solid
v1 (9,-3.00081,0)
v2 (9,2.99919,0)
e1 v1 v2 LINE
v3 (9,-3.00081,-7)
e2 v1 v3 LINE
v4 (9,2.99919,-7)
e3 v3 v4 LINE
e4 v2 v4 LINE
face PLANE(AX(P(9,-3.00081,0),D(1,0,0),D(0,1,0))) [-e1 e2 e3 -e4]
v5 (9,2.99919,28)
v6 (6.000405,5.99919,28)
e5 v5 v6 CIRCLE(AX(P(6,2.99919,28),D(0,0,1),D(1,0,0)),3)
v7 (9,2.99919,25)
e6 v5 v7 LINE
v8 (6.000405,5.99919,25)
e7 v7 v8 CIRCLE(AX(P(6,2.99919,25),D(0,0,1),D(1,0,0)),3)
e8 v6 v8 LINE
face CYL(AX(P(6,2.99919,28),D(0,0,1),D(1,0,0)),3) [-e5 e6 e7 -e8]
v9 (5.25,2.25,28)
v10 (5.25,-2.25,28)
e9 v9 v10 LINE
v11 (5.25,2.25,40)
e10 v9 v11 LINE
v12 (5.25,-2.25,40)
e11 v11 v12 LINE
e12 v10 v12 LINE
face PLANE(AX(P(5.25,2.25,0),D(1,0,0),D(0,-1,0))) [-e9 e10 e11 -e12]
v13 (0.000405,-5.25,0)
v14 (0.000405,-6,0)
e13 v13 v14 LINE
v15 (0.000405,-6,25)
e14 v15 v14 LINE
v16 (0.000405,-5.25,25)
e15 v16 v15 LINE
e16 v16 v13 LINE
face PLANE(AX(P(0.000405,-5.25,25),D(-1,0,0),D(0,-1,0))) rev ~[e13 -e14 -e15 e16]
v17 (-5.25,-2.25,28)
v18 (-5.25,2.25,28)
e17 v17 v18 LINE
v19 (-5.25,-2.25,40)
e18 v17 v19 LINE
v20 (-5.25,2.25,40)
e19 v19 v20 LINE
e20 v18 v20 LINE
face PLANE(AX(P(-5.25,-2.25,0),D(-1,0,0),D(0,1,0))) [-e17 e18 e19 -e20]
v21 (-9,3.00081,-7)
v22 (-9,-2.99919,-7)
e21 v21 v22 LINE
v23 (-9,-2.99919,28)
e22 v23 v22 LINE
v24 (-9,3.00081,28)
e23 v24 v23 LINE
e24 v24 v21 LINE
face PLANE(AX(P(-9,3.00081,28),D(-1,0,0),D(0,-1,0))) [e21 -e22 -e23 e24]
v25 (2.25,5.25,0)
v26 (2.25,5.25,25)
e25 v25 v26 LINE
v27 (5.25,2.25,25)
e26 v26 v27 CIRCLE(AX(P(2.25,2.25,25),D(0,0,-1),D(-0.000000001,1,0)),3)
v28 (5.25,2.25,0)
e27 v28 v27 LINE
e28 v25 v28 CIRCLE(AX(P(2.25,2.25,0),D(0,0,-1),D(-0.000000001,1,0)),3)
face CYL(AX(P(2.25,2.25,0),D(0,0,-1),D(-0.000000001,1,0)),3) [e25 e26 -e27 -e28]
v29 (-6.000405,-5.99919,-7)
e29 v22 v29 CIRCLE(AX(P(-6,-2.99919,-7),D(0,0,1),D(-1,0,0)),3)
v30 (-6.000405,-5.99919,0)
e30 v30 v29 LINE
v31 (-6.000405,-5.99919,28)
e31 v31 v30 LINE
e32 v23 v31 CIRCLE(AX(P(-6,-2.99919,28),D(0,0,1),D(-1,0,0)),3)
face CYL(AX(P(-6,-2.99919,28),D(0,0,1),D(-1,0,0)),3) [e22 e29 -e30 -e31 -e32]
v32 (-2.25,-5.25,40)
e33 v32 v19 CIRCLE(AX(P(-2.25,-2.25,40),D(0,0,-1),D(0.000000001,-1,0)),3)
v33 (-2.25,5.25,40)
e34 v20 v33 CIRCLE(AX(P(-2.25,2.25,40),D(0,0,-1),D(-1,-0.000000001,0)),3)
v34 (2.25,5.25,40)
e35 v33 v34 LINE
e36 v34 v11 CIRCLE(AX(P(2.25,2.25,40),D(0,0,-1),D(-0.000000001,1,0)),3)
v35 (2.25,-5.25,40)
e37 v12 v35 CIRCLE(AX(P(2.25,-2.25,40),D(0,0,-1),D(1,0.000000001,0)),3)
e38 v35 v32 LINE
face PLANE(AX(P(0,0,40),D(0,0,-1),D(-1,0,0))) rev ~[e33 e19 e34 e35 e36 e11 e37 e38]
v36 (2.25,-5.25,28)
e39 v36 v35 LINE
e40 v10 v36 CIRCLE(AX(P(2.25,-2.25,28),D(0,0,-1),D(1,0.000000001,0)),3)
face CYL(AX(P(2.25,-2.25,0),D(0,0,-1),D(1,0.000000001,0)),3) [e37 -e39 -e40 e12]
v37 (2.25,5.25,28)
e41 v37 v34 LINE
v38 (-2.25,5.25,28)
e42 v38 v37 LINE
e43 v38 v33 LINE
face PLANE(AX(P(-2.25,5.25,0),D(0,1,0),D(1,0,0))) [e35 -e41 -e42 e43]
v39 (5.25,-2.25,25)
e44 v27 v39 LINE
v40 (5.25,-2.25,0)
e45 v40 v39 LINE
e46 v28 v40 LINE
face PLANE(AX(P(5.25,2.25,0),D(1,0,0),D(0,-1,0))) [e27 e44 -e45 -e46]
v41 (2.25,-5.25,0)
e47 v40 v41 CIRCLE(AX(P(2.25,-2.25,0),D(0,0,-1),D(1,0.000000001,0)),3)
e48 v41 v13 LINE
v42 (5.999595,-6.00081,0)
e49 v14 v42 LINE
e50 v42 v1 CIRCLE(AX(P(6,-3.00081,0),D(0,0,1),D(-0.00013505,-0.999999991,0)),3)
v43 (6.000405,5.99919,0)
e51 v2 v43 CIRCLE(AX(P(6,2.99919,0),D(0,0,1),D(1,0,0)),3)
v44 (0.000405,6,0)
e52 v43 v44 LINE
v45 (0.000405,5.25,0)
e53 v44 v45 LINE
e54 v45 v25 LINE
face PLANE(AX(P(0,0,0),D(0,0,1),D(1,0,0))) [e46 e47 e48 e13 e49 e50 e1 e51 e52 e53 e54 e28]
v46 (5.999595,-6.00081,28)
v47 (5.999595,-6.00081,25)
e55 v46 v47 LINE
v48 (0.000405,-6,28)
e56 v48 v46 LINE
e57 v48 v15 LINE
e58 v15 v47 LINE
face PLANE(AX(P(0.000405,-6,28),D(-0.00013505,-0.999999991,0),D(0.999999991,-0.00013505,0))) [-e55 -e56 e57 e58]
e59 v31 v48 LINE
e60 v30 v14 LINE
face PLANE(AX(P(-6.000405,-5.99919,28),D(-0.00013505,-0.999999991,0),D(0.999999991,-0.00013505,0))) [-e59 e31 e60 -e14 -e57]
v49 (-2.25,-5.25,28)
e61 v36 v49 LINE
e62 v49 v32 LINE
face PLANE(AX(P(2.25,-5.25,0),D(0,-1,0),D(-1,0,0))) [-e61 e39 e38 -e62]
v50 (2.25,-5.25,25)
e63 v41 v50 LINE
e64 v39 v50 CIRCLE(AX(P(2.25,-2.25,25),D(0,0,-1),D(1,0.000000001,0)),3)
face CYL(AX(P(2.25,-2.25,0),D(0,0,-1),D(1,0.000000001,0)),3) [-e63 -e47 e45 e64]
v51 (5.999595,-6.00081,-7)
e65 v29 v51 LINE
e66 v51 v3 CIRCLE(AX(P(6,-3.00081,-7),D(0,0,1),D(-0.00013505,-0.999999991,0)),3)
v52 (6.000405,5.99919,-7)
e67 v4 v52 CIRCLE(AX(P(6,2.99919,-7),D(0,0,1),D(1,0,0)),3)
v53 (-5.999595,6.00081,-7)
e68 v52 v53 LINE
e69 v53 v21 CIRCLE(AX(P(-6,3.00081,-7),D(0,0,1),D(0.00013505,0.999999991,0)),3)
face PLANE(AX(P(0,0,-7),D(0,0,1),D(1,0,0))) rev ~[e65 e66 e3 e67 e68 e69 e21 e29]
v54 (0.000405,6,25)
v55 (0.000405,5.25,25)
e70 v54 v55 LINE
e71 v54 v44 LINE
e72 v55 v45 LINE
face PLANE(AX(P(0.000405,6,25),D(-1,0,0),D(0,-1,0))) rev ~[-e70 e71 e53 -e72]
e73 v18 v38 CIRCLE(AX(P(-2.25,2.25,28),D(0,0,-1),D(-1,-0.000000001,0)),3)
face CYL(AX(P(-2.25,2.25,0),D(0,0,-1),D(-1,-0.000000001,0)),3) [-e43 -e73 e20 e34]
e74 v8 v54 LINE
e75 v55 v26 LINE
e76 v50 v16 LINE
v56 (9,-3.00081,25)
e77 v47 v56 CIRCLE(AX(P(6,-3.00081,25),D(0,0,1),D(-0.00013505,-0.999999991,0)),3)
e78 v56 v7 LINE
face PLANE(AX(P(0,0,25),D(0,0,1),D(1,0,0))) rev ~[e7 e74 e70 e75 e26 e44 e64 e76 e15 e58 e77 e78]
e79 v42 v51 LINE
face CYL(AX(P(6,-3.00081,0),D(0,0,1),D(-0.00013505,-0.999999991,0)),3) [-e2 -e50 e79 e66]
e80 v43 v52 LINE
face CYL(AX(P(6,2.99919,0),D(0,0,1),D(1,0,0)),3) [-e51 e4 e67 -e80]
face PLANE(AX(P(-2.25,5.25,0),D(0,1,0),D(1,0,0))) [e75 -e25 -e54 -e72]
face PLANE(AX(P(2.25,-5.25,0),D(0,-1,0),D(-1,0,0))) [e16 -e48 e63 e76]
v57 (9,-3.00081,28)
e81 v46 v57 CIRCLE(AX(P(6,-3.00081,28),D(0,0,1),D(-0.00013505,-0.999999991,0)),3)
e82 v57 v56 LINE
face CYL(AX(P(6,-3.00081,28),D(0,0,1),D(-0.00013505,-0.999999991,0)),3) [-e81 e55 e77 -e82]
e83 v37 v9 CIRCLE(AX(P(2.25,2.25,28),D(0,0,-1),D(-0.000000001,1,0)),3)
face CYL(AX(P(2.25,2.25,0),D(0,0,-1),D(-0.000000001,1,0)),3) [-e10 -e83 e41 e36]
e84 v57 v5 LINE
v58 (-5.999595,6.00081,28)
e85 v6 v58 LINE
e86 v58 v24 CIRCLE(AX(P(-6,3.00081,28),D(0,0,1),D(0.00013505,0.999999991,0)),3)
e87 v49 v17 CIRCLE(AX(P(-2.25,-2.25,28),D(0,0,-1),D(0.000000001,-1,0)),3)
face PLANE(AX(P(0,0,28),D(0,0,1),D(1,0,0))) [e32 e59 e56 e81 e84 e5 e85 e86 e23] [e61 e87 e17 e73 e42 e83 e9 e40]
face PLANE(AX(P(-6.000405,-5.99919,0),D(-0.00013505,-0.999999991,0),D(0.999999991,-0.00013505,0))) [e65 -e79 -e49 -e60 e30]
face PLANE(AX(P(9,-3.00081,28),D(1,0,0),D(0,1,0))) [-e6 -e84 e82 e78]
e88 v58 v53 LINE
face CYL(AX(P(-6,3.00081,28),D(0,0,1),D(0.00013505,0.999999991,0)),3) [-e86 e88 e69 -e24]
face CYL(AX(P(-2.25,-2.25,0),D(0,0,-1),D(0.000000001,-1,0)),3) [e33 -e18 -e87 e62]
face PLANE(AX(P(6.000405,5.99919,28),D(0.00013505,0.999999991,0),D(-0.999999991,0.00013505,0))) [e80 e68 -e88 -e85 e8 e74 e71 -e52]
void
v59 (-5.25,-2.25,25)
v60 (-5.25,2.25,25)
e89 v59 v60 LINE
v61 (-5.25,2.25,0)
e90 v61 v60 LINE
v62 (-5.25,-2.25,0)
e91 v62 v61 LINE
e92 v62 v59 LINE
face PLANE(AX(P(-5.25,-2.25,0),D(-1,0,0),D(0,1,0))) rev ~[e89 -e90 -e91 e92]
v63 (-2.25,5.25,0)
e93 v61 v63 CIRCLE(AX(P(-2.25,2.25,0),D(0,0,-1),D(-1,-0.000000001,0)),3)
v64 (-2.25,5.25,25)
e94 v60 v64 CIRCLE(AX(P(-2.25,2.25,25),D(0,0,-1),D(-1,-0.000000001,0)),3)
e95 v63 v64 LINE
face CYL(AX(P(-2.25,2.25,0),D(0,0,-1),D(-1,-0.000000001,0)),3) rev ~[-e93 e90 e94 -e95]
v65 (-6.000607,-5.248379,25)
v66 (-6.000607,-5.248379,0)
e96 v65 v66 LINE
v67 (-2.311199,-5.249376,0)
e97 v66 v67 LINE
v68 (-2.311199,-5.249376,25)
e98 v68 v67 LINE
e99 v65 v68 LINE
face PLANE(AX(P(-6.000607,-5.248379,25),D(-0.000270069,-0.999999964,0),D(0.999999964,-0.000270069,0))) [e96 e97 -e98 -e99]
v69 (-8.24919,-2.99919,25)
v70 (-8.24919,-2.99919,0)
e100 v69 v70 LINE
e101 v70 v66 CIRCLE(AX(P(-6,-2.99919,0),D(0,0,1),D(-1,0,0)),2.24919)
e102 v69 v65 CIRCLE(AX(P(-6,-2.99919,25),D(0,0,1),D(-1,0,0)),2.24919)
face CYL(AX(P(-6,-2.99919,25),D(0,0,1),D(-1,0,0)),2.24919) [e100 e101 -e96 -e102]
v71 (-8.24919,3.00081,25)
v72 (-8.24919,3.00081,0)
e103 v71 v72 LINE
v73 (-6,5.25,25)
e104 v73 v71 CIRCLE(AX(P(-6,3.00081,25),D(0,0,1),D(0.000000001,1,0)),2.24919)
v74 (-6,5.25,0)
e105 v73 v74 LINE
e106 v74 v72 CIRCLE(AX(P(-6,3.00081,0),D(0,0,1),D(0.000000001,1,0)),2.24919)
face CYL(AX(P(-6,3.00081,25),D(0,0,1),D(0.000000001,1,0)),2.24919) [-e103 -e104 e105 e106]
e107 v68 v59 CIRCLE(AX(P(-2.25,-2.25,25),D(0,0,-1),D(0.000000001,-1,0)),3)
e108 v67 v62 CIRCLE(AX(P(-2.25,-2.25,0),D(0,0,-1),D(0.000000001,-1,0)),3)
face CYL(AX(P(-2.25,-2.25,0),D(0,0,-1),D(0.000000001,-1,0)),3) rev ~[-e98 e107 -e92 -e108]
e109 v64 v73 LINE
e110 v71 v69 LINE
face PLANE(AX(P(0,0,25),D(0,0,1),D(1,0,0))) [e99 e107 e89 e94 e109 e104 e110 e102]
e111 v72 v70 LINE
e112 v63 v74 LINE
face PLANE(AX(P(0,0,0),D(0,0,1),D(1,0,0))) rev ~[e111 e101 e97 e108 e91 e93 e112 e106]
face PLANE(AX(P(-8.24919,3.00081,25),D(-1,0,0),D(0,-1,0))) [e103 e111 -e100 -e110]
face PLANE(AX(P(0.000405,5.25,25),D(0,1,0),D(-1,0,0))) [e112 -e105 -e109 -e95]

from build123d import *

# Parameters (mm, degrees)
BOSS_EXTRUDE1_DEPTH = 40
BOSS_EXTRUDE2_DEPTH = 7
BOSS_EXTRUDE3_START = 25
BOSS_EXTRUDE3_DEPTH = 25
BOSS_EXTRUDE4_START = -12
BOSS_EXTRUDE4_DEPTH = 3


with BuildPart() as part:
    # Sketch1 → Boss-Extrude1 (new body)
    with BuildSketch(Plane.XY):
        with BuildLine():
            Line((-2.25, 5.25), (2.25, 5.25))
            ThreePointArc((2.25, 5.25), (4.371320344, 4.371320344), (5.25, 2.25))
            Line((5.25, 2.25), (5.25, -2.25))
            ThreePointArc((5.25, -2.25), (4.371320344, -4.371320344), (2.25, -5.25))
            Line((2.25, -5.25), (-2.25, -5.25))
            ThreePointArc((-2.25, -5.25), (-4.371320344, -4.371320344), (-5.25, -2.25))
            Line((-5.25, -2.25), (-5.25, 2.25))
            ThreePointArc((-5.25, 2.25), (-4.371320344, 4.371320344), (-2.25, 5.25))
        make_face()
    extrude(amount=BOSS_EXTRUDE1_DEPTH)

    # Sketch2 → Boss-Extrude2 (add)
    with BuildSketch(Plane.XY):
        with BuildLine():
            Line((8.999999945, -3.000810302), (8.999999945, 2.999189698))
            ThreePointArc((8.999999945, 2.999189698), (8.121463527, 5.120366794), (6.000405096, 5.999189671))
            Line((6.000405096, 5.999189671), (-5.999594794, 6.000810275))
            ThreePointArc((-5.999594794, 6.000810275), (-8.121177041, 5.122273883), (-8.999999945, 3.000810302))
            Line((-8.999999945, 3.000810302), (-8.999999945, -2.999189698))
            ThreePointArc((-8.999999945, -2.999189698), (-8.121463527, -5.120366794), (-6.000405096, -5.999189671))
            Line((-6.000405096, -5.999189671), (5.999594794, -6.000810275))
            ThreePointArc((5.999594794, -6.000810275), (8.121177041, -5.122273883), (8.999999945, -3.000810302))
        make_face()
    extrude(amount=-BOSS_EXTRUDE2_DEPTH)

    # Sketch3 → Boss-Extrude3 (add)
    with BuildSketch(Plane.XY.offset(BOSS_EXTRUDE3_START)):
        with BuildLine():
            Line((0.000405151, 5.25), (-5.999999945, 5.25))
            ThreePointArc((-5.999999945, 5.25), (-7.590417233, 4.59122759), (-8.249189643, 3.000810302))
            Line((-8.249189643, 3.000810302), (-8.249189643, -2.999189698))
            ThreePointArc((-8.249189643, -2.999189698), (-7.590631979, -4.58939221), (-6.000607381, -5.248379314))
            Line((-6.000607381, -5.248379314), (0.000405151, -5.25))
            Line((0.000405151, -5.25), (0.000405151, -6.000000082))
            Line((0.000405151, -6.000000082), (-6.000405096, -5.999189671))
            ThreePointArc((-6.000405096, -5.999189671), (-8.121463527, -5.120366794), (-8.999999945, -2.999189698))
            Line((-8.999999945, -2.999189698), (-8.999999945, 3.000810302))
            ThreePointArc((-8.999999945, 3.000810302), (-8.121177041, 5.122273883), (-5.999594794, 6.000810275))
            Line((-5.999594794, 6.000810275), (0.000405151, 5.999999973))
            Line((0.000405151, 5.999999973), (0.000405151, 5.25))
        make_face()
    extrude(amount=-BOSS_EXTRUDE3_DEPTH)

    # Sketch5 → Boss-Extrude4 (add)
    with BuildSketch(Plane.XY.offset(40).offset(BOSS_EXTRUDE4_START)):
        with BuildLine():
            Line((0.000405151, -6.000000082), (5.999594794, -6.000810275))
            ThreePointArc((5.999594794, -6.000810275), (8.121177041, -5.122273883), (8.999999945, -3.000810302))
            Line((8.999999945, -3.000810302), (8.999999945, 2.999189698))
            ThreePointArc((8.999999945, 2.999189698), (8.121463527, 5.120366794), (6.000405096, 5.999189671))
            Line((6.000405096, 5.999189671), (0.000405151, 5.999999973))
            Line((0.000405151, 5.999999973), (-5.999594794, 6.000810275))
            ThreePointArc((-5.999594794, 6.000810275), (-8.121177041, 5.122273883), (-8.999999945, 3.000810302))
            Line((-8.999999945, 3.000810302), (-8.999999945, -2.999189698))
            ThreePointArc((-8.999999945, -2.999189698), (-8.121463527, -5.120366794), (-6.000405096, -5.999189671))
            Line((-6.000405096, -5.999189671), (0.000405151, -6.000000082))
        make_face()
    extrude(amount=-BOSS_EXTRUDE4_DEPTH)


solid = part.part
